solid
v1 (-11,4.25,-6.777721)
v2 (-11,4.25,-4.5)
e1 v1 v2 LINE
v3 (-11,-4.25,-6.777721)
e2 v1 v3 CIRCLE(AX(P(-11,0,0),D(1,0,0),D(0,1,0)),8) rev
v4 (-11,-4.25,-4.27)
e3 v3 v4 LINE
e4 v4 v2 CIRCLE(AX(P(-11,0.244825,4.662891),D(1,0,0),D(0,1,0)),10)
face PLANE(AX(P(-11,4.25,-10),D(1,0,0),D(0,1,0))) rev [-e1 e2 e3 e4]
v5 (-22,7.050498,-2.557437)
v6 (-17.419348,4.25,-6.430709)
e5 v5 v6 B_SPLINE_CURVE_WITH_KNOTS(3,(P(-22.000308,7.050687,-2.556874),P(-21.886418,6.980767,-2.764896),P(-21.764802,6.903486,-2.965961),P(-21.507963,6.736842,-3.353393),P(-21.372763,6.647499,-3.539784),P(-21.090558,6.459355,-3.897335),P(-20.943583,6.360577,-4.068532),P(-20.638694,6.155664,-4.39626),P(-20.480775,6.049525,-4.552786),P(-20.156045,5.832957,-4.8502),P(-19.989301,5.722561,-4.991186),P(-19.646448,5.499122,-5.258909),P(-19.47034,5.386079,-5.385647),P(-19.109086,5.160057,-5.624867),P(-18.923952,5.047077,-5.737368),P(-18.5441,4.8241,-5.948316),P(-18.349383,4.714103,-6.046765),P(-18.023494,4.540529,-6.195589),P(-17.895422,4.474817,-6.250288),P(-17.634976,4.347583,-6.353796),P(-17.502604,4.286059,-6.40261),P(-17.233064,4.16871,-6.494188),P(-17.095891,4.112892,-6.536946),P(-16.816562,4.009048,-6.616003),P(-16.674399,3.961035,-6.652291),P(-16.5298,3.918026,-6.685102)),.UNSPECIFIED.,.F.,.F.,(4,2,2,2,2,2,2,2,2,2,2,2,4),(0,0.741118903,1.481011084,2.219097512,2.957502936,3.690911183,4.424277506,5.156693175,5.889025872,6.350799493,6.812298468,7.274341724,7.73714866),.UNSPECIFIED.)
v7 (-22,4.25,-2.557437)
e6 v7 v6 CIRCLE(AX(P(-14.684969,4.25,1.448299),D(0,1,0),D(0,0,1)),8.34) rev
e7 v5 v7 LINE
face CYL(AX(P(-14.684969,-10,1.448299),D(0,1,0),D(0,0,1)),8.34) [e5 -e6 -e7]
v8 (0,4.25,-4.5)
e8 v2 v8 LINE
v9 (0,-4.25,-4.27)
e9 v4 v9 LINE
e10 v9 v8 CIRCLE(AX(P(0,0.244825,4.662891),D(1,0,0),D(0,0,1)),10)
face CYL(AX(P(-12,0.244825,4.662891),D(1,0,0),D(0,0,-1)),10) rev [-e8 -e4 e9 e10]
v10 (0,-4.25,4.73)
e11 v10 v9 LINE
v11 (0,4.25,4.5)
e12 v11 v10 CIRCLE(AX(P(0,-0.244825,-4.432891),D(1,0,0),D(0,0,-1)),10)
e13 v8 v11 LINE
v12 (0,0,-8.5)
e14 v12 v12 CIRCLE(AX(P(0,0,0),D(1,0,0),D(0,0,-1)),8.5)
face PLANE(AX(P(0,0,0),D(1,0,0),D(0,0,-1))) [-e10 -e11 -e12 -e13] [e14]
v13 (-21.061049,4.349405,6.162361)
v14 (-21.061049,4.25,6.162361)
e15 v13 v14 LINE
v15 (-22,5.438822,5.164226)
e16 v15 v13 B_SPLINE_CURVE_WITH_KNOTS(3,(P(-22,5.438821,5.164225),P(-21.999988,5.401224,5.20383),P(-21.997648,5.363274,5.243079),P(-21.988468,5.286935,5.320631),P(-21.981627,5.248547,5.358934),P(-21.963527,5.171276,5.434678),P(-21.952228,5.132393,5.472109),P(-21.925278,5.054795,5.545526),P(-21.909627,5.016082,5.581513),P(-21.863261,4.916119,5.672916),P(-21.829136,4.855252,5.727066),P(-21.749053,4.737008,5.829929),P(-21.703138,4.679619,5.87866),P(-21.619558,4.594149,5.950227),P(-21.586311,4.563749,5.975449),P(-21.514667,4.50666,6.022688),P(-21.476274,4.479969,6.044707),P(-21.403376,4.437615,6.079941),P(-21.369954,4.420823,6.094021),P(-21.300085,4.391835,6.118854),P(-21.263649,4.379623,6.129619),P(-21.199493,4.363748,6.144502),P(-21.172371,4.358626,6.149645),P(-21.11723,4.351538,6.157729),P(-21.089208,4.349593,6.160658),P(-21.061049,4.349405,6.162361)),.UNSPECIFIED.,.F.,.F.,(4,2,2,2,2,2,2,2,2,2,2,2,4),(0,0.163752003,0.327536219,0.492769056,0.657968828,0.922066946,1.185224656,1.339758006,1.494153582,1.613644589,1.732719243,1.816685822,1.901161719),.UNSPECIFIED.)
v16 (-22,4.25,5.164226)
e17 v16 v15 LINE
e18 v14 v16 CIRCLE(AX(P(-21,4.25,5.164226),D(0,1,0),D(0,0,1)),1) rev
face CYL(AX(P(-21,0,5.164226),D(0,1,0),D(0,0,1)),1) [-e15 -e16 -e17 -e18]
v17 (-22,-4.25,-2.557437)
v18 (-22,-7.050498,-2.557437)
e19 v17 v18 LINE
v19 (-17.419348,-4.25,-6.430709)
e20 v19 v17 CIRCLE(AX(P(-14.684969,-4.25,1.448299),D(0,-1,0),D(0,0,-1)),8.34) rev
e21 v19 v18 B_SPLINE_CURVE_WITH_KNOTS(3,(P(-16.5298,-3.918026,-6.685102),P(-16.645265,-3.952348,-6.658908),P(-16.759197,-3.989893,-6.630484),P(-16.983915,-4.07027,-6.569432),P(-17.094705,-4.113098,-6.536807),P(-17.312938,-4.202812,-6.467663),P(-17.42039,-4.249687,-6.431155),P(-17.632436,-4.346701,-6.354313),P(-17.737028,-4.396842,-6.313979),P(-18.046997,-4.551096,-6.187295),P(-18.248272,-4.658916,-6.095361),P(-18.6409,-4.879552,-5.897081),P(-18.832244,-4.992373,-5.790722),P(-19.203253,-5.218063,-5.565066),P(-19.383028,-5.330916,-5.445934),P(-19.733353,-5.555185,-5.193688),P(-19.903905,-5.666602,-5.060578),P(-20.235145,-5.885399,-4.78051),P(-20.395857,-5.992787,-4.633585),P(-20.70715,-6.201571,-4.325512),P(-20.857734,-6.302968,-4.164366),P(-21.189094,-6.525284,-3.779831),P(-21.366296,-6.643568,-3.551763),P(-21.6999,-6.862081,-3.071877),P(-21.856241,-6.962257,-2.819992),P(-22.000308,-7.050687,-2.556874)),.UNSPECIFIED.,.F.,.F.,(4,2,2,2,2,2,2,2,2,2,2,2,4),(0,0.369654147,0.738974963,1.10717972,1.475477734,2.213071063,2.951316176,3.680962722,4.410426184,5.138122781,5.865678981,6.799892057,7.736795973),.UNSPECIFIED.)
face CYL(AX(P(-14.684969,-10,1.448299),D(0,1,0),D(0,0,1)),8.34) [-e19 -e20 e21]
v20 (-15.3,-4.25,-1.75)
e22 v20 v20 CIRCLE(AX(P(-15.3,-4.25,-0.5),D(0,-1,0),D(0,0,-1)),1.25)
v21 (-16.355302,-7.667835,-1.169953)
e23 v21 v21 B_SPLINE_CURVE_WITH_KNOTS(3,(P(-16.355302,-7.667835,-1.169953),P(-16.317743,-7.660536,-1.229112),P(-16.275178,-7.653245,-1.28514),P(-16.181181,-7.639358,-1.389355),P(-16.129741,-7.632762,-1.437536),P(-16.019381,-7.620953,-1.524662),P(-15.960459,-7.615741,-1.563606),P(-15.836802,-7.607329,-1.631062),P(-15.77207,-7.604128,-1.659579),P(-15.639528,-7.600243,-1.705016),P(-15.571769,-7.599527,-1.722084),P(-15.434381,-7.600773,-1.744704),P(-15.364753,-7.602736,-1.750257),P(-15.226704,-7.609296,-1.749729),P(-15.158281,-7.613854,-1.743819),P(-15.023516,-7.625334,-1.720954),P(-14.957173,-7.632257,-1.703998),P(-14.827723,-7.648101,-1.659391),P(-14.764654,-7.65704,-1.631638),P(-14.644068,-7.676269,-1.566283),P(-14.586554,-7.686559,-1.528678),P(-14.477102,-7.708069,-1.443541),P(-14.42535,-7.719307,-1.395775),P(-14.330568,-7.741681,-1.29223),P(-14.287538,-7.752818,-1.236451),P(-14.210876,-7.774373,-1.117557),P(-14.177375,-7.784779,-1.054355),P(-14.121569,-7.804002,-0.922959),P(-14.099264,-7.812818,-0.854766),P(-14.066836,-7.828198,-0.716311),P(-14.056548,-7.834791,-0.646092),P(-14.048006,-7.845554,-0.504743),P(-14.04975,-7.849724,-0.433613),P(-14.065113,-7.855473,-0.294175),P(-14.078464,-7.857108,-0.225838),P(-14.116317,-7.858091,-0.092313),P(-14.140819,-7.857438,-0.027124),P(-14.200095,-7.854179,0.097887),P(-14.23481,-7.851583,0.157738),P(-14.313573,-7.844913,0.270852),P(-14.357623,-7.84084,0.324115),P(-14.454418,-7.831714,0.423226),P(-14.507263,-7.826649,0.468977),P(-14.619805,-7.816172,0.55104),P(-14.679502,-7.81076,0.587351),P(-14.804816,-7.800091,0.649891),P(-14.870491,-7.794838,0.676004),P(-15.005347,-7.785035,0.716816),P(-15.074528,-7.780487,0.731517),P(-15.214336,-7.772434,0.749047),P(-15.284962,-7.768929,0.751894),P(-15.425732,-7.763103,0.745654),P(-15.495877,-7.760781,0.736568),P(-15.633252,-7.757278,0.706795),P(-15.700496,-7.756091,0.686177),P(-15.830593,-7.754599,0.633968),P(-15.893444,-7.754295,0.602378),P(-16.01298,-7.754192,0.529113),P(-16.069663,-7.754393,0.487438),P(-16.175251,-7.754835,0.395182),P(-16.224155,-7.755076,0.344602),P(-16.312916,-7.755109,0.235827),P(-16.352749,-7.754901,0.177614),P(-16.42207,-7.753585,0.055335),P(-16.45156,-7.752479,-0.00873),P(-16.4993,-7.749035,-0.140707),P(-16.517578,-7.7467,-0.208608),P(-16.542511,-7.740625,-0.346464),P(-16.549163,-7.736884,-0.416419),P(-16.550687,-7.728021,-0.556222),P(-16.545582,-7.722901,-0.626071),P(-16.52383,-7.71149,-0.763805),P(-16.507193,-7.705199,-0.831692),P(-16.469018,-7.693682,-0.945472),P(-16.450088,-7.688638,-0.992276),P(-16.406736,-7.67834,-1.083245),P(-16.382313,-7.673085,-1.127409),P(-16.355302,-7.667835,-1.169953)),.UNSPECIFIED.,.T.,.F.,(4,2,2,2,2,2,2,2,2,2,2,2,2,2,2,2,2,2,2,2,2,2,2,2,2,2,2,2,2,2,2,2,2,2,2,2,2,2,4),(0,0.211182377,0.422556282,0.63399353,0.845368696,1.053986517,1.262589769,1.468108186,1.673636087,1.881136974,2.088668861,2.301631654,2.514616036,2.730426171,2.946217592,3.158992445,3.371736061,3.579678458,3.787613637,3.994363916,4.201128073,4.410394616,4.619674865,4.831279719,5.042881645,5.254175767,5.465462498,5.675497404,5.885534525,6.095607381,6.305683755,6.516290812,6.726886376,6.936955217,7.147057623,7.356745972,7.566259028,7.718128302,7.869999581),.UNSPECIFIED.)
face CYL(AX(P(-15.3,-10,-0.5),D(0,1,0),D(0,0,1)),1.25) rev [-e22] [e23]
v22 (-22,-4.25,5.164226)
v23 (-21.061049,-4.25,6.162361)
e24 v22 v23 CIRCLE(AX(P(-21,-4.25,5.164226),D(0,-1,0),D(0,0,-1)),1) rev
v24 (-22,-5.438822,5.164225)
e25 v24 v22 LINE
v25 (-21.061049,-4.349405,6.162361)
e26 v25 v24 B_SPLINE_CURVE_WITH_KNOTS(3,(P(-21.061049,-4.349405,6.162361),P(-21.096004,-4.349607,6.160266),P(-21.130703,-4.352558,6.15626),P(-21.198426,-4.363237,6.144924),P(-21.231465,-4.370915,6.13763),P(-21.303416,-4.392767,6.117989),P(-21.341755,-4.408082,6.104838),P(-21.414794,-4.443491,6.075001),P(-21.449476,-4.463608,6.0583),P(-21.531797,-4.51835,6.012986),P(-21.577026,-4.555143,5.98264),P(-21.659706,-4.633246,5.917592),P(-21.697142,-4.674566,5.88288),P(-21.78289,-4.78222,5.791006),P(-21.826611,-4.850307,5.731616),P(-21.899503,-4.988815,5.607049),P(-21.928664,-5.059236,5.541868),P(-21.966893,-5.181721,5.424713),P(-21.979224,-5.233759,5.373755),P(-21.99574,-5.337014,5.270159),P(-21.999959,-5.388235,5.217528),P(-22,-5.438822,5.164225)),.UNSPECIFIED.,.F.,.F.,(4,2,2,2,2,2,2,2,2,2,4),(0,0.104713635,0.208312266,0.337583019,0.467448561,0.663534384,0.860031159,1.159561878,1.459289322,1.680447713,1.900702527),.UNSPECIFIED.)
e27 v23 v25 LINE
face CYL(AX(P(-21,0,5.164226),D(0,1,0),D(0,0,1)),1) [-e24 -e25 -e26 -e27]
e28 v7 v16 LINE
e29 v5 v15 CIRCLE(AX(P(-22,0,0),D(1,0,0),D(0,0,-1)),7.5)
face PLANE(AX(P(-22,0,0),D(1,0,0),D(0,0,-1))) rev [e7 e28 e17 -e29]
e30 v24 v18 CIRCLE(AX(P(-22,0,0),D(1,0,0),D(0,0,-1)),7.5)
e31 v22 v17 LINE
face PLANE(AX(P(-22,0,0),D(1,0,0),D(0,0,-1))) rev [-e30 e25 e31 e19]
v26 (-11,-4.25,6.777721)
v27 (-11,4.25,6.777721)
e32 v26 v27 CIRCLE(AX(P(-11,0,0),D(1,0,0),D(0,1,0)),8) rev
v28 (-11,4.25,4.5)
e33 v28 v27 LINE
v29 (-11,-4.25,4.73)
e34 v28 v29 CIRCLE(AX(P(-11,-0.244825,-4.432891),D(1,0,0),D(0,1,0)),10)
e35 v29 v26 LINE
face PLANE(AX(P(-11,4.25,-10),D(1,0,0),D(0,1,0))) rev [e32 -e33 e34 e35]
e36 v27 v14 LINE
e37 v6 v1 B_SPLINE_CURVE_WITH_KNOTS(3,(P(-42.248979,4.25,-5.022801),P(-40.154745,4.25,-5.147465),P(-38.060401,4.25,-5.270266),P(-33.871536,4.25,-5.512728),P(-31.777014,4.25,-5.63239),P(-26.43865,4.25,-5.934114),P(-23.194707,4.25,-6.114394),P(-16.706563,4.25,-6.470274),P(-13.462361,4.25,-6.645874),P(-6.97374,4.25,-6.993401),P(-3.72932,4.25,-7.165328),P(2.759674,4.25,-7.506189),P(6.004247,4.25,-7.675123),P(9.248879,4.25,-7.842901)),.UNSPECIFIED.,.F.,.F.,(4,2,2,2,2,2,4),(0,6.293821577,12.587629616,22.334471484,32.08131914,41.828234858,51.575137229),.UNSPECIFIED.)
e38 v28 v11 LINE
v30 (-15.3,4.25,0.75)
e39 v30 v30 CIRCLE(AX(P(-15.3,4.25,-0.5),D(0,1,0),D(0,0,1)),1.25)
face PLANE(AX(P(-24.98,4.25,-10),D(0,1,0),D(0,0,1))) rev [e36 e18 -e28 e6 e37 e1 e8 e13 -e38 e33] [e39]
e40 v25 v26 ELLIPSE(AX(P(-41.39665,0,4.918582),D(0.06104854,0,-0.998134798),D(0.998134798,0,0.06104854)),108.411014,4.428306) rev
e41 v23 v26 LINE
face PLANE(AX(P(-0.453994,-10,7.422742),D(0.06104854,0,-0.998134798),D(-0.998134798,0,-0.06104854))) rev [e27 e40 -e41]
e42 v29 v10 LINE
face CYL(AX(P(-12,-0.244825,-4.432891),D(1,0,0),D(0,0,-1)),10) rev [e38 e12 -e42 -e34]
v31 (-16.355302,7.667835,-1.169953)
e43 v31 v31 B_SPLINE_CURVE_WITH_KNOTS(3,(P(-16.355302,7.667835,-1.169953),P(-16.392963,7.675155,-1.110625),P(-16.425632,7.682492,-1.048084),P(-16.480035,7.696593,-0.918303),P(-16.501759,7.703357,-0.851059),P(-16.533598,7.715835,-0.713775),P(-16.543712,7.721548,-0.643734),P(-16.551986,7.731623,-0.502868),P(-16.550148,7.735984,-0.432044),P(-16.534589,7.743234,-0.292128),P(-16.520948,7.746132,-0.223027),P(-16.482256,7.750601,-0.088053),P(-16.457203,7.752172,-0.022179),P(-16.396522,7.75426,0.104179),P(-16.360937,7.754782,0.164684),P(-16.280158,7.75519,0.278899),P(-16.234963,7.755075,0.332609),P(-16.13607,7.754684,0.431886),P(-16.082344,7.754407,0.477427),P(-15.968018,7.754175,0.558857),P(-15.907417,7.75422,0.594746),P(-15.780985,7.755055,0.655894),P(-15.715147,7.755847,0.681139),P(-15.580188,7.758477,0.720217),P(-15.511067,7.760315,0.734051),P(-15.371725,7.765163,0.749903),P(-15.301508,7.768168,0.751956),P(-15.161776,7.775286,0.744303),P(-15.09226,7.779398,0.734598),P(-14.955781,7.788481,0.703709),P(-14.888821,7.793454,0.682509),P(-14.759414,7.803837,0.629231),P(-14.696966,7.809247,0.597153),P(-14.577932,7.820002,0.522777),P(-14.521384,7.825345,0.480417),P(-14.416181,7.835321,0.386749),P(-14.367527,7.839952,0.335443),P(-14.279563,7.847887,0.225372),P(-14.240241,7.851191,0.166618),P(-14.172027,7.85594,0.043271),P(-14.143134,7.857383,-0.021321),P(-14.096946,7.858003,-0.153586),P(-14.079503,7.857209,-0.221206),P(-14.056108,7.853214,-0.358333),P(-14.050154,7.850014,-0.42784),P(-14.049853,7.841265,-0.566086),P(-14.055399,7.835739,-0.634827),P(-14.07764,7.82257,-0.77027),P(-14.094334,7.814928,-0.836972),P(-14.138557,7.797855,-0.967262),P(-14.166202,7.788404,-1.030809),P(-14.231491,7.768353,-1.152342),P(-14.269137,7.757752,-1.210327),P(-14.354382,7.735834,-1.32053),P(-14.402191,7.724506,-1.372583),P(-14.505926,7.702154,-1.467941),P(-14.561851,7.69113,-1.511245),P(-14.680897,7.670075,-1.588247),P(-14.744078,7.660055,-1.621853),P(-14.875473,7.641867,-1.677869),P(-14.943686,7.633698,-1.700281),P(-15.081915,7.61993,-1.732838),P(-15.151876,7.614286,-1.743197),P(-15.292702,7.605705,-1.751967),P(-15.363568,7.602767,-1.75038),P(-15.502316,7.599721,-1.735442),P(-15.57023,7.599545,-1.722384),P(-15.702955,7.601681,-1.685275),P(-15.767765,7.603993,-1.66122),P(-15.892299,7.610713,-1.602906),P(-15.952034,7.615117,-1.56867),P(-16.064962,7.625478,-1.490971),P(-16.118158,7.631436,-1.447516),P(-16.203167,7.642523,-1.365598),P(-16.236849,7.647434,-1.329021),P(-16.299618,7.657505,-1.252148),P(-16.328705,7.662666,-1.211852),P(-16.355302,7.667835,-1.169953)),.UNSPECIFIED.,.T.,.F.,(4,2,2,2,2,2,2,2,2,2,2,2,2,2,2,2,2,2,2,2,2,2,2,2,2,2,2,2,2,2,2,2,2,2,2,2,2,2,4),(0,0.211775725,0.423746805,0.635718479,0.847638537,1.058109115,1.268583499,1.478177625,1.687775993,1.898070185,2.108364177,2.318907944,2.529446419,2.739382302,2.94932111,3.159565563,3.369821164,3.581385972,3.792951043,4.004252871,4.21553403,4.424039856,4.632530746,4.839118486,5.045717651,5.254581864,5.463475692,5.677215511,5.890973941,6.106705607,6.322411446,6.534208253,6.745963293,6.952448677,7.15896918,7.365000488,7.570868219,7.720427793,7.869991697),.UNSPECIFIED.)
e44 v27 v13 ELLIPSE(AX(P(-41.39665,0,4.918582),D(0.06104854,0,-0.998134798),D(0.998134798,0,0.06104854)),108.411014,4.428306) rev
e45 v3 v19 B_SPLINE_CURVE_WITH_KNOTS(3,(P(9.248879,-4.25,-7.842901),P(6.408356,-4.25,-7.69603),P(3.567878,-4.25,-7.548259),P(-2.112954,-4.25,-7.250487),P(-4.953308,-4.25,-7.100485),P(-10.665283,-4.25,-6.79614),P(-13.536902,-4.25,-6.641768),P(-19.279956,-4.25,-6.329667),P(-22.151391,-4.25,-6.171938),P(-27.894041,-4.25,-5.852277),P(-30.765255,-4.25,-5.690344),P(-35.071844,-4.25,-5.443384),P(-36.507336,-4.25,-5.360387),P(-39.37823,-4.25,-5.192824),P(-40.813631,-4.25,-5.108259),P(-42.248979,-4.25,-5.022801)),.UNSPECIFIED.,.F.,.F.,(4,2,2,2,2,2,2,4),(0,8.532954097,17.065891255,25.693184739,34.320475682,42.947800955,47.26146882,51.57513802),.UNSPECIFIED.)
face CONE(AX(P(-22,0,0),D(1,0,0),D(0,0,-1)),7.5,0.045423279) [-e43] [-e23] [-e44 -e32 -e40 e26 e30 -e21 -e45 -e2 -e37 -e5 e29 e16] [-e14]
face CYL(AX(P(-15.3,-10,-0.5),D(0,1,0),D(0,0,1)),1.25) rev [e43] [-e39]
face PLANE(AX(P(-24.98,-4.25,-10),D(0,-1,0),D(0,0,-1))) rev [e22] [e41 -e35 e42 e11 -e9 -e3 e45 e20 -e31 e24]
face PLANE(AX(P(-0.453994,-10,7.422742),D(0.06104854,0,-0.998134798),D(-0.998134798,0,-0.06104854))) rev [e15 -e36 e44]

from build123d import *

# Parameters (mm, degrees)
SKETCH3_R          = 8.5
SKETCH2_R          = 7.5
SKETCH4_W          = 13.98
SKETCH4_H          = 8.5
CUT_EXTRUDE1_DEPTH = 10
CUT_EXTRUDE2_DEPTH = 10
SKETCH6_R          = 1.25
CUT_EXTRUDE3_DEPTH = 10
CUT_EXTRUDE4_DEPTH = 12
FILLET1_R          = 1


with BuildPart() as part:
    # Sketch3 → Loft1 section 0
    with BuildSketch(Plane(origin=(0, 0, 0), x_dir=(0, 0, -1), z_dir=(1, 0, 0))):
        Circle(SKETCH3_R)
    # Sketch2 → Loft1 section 1
    with BuildSketch(Plane(origin=(-22, 0, 0), x_dir=(0, 0, -1), z_dir=(1, 0, 0))):
        Circle(SKETCH2_R)
    loft()

    # Sketch4 → Cut-Extrude1 (cut, symmetric)
    with BuildSketch(Plane.XY):
        with Locations((-17.99, 0)):
            Rectangle(SKETCH4_W, SKETCH4_H)
    extrude(amount=CUT_EXTRUDE1_DEPTH, both=True, mode=Mode.SUBTRACT)

    # Sketch5 → Cut-Extrude2 (cut, symmetric)
    with BuildSketch(Plane(origin=(0, 0, 0), x_dir=(1, 0, 0), z_dir=(0, 1, 0))):
        with BuildLine():
            Line((-23, -6.043769414), (-23.024844237, -1.493837243))
            ThreePointArc((-23.024844237, -1.493837243), (-21.216174997, 3.738120473), (-16.53, 6.685056145))
            Line((-16.53, 6.685056145), (-11, 6.777720856))
            Line((-11, 6.777720856), (-11, 10.146746938))
            Line((-11, 10.146746938), (-27.92, 10.146746938))
            Line((-27.92, 10.146746938), (-27.92, -8.723253062))
            Line((-27.92, -8.723253062), (-11, -8.723253062))
            Line((-11, -8.723253062), (-11, -6.777720856))
            Line((-11, -6.777720856), (-23, -6.043769414))
        make_face()
    extrude(amount=CUT_EXTRUDE2_DEPTH, both=True, mode=Mode.SUBTRACT)

    # Sketch6 → Cut-Extrude3 (cut, symmetric)
    with BuildSketch(Plane(origin=(0, 0, 0), x_dir=(1, 0, 0), z_dir=(0, 1, 0))):
        with Locations((-15.3, 0.5)):
            Circle(SKETCH6_R)
    extrude(amount=CUT_EXTRUDE3_DEPTH, both=True, mode=Mode.SUBTRACT)

    # Sketch8 → Cut-Extrude4 (cut)
    with BuildSketch(Plane(origin=(0, 0, 0), x_dir=(0, 0, -1), z_dir=(1, 0, 0))):
        with BuildLine():
            Line((-4.5, 4.25), (4.5, 4.25))
            ThreePointArc((4.5, 4.25), (5.333449887, -0.025663938), (4.27, -4.25))
            Line((4.27, -4.25), (-4.73, -4.25))
            ThreePointArc((-4.73, -4.25), (-5.563449887, 0.025663938), (-4.5, 4.25))
        make_face()
    extrude(amount=-CUT_EXTRUDE4_DEPTH, mode=Mode.SUBTRACT)

    # Fillet1
    fillet1_edges = [part.edges().sort_by_distance(p)[0] for p in [
        (-22, -4.303290893, 6.104932034),
        (-22, 4.303290893, 6.104932034),
    ]]
    fillet(fillet1_edges, radius=FILLET1_R)


solid = part.part
